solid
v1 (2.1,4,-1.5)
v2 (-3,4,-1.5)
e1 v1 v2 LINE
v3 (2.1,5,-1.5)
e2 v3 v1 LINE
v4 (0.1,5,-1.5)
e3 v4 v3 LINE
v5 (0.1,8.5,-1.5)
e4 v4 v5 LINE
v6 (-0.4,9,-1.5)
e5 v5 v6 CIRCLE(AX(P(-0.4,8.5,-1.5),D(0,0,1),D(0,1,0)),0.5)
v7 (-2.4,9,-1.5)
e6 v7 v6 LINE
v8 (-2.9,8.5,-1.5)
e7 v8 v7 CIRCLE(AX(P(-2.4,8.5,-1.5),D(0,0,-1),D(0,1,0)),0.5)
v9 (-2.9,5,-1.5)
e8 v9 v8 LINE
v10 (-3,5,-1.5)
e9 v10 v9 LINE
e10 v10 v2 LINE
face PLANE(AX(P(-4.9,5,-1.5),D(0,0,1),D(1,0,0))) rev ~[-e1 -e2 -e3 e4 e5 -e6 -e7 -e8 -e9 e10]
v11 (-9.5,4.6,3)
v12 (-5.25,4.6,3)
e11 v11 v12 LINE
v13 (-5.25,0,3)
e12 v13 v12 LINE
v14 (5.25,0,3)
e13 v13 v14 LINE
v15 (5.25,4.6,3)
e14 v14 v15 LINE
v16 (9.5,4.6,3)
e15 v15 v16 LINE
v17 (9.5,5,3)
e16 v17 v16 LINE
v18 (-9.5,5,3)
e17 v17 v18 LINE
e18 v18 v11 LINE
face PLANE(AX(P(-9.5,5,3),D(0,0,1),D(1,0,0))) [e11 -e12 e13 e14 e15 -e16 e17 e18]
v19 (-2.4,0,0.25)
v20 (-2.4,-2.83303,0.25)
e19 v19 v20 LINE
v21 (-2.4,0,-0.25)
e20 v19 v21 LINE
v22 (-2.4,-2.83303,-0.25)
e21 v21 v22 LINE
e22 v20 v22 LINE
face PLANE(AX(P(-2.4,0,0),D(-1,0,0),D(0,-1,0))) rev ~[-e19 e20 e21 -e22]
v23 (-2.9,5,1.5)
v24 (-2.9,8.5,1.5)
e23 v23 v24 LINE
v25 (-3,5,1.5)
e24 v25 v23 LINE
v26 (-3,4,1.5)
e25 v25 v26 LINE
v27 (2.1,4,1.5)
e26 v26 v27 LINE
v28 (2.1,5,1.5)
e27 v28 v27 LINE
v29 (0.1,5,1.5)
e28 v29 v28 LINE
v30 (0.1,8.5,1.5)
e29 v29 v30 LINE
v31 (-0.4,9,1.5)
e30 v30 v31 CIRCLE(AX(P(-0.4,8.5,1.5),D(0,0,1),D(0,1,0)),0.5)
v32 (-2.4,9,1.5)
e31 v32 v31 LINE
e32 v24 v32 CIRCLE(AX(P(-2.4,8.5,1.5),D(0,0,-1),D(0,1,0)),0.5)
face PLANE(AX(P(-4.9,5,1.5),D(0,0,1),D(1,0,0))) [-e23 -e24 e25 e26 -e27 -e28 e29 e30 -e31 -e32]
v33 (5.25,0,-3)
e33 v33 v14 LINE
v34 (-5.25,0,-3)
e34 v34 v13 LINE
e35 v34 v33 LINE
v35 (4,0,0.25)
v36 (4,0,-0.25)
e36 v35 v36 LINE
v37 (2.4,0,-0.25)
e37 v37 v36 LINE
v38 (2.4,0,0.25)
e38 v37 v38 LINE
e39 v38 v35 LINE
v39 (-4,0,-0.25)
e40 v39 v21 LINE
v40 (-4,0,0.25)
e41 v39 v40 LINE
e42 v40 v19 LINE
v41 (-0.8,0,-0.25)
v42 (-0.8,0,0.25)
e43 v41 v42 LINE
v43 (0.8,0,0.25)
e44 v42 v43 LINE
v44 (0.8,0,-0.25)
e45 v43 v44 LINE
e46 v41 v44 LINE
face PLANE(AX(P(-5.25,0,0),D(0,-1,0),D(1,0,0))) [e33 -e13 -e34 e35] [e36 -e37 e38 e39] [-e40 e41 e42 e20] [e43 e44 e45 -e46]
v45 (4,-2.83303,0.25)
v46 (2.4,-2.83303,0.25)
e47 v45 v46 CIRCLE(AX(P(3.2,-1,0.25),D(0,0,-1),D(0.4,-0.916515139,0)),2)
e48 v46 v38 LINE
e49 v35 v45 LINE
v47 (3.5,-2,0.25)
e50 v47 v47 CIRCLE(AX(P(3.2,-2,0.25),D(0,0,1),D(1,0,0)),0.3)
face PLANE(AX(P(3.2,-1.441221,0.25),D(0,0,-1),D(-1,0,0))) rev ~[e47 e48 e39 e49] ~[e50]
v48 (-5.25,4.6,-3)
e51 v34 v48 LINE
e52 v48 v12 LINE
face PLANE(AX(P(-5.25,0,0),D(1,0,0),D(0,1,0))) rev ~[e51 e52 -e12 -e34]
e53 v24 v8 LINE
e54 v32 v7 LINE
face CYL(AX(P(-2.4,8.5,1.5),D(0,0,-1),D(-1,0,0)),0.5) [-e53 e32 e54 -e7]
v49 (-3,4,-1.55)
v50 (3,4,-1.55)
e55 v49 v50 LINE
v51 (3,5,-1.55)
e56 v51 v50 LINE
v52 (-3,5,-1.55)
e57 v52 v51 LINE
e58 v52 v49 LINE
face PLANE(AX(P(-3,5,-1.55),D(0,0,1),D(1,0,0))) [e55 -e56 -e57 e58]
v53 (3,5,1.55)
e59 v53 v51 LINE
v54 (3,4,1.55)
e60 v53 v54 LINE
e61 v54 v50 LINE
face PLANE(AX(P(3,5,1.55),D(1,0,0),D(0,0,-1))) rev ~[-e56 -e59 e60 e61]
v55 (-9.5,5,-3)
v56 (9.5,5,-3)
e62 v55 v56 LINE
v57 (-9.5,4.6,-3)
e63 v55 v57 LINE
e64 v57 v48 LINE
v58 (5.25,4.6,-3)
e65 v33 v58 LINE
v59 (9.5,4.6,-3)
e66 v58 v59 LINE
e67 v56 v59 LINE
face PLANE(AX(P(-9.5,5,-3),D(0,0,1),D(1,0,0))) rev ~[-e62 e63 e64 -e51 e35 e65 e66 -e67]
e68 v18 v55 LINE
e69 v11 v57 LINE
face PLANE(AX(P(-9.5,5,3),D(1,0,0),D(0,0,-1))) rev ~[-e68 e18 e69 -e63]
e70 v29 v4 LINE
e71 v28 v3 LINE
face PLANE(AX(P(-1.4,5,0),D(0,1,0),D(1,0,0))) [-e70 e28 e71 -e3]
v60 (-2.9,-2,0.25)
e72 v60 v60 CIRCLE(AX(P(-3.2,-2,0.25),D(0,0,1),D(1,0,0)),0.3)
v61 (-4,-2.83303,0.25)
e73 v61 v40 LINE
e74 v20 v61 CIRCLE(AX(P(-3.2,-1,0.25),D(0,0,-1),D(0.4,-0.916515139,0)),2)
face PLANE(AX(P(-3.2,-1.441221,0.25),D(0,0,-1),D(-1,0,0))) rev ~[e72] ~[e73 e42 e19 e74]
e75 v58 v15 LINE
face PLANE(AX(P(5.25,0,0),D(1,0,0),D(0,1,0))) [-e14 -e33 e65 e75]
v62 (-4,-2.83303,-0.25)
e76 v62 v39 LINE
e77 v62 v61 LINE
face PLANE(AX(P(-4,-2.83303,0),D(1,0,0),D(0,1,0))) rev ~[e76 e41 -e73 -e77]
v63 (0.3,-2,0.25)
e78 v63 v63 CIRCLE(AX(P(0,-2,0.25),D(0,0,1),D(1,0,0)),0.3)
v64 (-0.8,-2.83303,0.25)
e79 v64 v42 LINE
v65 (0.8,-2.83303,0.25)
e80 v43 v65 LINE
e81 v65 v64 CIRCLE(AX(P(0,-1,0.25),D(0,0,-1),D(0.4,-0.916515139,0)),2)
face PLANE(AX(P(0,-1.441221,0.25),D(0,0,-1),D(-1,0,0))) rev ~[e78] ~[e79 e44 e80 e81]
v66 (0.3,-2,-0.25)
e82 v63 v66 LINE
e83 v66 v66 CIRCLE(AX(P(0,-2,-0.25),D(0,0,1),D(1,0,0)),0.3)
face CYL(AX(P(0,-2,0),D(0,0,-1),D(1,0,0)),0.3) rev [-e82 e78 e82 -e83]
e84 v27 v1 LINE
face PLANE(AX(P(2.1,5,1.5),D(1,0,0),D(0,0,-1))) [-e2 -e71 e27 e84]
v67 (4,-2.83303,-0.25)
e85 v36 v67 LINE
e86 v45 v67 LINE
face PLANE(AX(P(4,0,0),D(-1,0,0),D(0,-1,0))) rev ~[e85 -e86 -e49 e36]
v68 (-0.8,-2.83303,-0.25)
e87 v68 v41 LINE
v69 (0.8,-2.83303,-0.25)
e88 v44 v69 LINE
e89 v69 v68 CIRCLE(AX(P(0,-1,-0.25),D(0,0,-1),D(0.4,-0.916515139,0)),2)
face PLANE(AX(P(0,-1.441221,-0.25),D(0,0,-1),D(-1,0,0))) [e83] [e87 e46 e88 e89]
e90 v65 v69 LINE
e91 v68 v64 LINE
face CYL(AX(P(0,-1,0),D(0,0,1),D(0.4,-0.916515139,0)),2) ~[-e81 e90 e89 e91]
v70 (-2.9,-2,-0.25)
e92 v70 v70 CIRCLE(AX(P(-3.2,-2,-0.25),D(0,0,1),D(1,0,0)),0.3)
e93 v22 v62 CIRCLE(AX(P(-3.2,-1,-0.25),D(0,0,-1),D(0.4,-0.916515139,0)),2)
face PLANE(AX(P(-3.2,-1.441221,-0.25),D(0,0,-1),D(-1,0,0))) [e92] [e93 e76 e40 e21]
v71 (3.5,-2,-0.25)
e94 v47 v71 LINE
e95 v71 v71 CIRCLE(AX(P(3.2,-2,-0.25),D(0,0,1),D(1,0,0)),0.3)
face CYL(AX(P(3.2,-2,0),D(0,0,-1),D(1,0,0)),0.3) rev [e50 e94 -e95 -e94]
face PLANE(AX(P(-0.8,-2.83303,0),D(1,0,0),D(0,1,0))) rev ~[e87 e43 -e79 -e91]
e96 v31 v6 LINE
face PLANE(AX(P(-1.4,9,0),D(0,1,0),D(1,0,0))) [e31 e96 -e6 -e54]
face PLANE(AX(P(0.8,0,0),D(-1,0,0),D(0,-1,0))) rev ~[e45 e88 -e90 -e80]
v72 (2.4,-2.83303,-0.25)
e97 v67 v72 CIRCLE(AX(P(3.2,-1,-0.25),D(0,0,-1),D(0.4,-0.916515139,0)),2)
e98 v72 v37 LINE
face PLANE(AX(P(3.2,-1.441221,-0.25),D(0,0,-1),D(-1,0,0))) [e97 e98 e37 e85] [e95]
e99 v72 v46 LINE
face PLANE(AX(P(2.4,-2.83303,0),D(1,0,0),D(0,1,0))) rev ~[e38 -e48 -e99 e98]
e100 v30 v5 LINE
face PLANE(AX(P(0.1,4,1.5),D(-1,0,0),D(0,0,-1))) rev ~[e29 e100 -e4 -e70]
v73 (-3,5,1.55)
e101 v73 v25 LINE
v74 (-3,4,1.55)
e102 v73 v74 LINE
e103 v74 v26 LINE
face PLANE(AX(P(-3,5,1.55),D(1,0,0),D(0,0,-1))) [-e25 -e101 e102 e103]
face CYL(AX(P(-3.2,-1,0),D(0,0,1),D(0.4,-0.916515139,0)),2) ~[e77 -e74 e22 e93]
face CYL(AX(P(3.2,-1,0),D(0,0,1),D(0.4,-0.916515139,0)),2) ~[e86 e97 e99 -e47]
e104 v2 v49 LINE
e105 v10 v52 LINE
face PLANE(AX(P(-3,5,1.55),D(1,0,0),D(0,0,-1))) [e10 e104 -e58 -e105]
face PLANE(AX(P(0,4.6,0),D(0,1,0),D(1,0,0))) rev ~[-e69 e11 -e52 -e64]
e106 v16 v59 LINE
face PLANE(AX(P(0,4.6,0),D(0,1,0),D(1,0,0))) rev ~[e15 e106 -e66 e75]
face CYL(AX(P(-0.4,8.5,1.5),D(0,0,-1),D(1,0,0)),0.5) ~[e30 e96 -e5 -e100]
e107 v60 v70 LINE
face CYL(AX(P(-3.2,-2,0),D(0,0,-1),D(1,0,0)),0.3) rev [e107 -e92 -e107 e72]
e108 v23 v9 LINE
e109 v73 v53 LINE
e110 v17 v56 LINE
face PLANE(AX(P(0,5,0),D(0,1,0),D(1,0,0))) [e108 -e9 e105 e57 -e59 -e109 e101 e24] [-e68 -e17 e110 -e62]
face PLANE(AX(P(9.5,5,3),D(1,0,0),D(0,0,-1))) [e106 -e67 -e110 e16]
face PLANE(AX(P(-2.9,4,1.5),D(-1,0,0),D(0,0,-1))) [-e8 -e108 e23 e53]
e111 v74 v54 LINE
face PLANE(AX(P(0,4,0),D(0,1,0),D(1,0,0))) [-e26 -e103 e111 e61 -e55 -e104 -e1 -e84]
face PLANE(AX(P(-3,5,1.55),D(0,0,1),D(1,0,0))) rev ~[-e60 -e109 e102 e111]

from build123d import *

# Parameters (mm, degrees)
SKETCH1_W                     = 10.5
SKETCH1_H                     = 5
BASE_DEPTH                    = 3
SKETCH2_W                     = 19
SKETCH2_H                     = 6
FLANGE_DEPTH                  = 0.4
SKETCH3_W                     = 6
SKETCH3_H                     = 3.1
SWITCH_ENCOMPASSING_CUT_DEPTH = 1
SKETCH4_W                     = 3
SKETCH4_H                     = 3
SWITCH_DEPTH                  = 5
SKETCH7_W                     = 7
SKETCH7_H                     = 3
SWITCH_BASE_DEPTH             = 1
SKETCH6_R                     = 0.3
LEG_DEPTH                     = 0.25
L_LEFT_COUNT                  = 2
L_LEFT_PITCH                  = 3.2
L_RIGHT_COUNT                 = 2
L_RIGHT_PITCH                 = 3.2
S_F_R                         = 0.5


with BuildPart() as part:
    # Sketch1 → BASE (new, symmetric)
    with BuildSketch(Plane.XY):
        with Locations((0, 2.5)):
            Rectangle(SKETCH1_W, SKETCH1_H)
    extrude(amount=BASE_DEPTH, both=True)

    # Sketch2 → FLANGE (add)
    with BuildSketch(Plane(origin=(0, 5, 0), x_dir=(1, 0, 0), z_dir=(0, 1, 0))):
        Rectangle(SKETCH2_W, SKETCH2_H)
    extrude(amount=-FLANGE_DEPTH)

    # Sketch3 → SWITCH ENCOMPASSING CUT (cut)
    with BuildSketch(Plane(origin=(0, 5, 0), x_dir=(1, 0, 0), z_dir=(0, 1, 0))):
        Rectangle(SKETCH3_W, SKETCH3_H)
    extrude(amount=-SWITCH_ENCOMPASSING_CUT_DEPTH, mode=Mode.SUBTRACT)

    # Sketch4 → SWITCH (add)
    with BuildSketch(Plane(origin=(0, 4, 0), x_dir=(1, 0, 0), z_dir=(0, 1, 0))):
        with Locations((-1.4, 0)):
            Rectangle(SKETCH4_W, SKETCH4_H)
    extrude(amount=SWITCH_DEPTH)

    # Sketch7 → SWITCH BASE (add)
    with BuildSketch(Plane(origin=(0, 5, 0), x_dir=(1, 0, 0), z_dir=(0, 1, 0))):
        with Locations((-1.4, 0)):
            Rectangle(SKETCH7_W, SKETCH7_H)
    extrude(amount=-SWITCH_BASE_DEPTH)

    # Sketch6 → LEG (add, symmetric)
    with BuildSketch(Plane.XY):
        with BuildLine():
            Line((-0.8, 0), (0.8, 0))
            Line((0.8, 0), (0.8, -2.833030278))
            ThreePointArc((0.8, -2.833030278), (0, -3), (-0.8, -2.833030278))
            Line((-0.8, -2.833030278), (-0.8, 0))
        make_face()
        with Locations((0, -2)):
            Circle(SKETCH6_R, mode=Mode.SUBTRACT)
    leg = extrude(amount=LEG_DEPTH, both=True)

    # L LEFT: LEG ×2
    with Locations(*[(i * L_LEFT_PITCH, 0, 0) for i in range(1, L_LEFT_COUNT)]):
        add(leg)

    # L RIGHT: LEG ×2
    with Locations(*[(-i * L_RIGHT_PITCH, 0, 0) for i in range(1, L_RIGHT_COUNT)]):
        add(leg)

    # S F
    s_f_edges = [part.edges().sort_by_distance(p)[0] for p in [
        (-2.9, 9, 0),
        (0.1, 9, 0),
    ]]
    fillet(s_f_edges, radius=S_F_R)


solid = part.part
